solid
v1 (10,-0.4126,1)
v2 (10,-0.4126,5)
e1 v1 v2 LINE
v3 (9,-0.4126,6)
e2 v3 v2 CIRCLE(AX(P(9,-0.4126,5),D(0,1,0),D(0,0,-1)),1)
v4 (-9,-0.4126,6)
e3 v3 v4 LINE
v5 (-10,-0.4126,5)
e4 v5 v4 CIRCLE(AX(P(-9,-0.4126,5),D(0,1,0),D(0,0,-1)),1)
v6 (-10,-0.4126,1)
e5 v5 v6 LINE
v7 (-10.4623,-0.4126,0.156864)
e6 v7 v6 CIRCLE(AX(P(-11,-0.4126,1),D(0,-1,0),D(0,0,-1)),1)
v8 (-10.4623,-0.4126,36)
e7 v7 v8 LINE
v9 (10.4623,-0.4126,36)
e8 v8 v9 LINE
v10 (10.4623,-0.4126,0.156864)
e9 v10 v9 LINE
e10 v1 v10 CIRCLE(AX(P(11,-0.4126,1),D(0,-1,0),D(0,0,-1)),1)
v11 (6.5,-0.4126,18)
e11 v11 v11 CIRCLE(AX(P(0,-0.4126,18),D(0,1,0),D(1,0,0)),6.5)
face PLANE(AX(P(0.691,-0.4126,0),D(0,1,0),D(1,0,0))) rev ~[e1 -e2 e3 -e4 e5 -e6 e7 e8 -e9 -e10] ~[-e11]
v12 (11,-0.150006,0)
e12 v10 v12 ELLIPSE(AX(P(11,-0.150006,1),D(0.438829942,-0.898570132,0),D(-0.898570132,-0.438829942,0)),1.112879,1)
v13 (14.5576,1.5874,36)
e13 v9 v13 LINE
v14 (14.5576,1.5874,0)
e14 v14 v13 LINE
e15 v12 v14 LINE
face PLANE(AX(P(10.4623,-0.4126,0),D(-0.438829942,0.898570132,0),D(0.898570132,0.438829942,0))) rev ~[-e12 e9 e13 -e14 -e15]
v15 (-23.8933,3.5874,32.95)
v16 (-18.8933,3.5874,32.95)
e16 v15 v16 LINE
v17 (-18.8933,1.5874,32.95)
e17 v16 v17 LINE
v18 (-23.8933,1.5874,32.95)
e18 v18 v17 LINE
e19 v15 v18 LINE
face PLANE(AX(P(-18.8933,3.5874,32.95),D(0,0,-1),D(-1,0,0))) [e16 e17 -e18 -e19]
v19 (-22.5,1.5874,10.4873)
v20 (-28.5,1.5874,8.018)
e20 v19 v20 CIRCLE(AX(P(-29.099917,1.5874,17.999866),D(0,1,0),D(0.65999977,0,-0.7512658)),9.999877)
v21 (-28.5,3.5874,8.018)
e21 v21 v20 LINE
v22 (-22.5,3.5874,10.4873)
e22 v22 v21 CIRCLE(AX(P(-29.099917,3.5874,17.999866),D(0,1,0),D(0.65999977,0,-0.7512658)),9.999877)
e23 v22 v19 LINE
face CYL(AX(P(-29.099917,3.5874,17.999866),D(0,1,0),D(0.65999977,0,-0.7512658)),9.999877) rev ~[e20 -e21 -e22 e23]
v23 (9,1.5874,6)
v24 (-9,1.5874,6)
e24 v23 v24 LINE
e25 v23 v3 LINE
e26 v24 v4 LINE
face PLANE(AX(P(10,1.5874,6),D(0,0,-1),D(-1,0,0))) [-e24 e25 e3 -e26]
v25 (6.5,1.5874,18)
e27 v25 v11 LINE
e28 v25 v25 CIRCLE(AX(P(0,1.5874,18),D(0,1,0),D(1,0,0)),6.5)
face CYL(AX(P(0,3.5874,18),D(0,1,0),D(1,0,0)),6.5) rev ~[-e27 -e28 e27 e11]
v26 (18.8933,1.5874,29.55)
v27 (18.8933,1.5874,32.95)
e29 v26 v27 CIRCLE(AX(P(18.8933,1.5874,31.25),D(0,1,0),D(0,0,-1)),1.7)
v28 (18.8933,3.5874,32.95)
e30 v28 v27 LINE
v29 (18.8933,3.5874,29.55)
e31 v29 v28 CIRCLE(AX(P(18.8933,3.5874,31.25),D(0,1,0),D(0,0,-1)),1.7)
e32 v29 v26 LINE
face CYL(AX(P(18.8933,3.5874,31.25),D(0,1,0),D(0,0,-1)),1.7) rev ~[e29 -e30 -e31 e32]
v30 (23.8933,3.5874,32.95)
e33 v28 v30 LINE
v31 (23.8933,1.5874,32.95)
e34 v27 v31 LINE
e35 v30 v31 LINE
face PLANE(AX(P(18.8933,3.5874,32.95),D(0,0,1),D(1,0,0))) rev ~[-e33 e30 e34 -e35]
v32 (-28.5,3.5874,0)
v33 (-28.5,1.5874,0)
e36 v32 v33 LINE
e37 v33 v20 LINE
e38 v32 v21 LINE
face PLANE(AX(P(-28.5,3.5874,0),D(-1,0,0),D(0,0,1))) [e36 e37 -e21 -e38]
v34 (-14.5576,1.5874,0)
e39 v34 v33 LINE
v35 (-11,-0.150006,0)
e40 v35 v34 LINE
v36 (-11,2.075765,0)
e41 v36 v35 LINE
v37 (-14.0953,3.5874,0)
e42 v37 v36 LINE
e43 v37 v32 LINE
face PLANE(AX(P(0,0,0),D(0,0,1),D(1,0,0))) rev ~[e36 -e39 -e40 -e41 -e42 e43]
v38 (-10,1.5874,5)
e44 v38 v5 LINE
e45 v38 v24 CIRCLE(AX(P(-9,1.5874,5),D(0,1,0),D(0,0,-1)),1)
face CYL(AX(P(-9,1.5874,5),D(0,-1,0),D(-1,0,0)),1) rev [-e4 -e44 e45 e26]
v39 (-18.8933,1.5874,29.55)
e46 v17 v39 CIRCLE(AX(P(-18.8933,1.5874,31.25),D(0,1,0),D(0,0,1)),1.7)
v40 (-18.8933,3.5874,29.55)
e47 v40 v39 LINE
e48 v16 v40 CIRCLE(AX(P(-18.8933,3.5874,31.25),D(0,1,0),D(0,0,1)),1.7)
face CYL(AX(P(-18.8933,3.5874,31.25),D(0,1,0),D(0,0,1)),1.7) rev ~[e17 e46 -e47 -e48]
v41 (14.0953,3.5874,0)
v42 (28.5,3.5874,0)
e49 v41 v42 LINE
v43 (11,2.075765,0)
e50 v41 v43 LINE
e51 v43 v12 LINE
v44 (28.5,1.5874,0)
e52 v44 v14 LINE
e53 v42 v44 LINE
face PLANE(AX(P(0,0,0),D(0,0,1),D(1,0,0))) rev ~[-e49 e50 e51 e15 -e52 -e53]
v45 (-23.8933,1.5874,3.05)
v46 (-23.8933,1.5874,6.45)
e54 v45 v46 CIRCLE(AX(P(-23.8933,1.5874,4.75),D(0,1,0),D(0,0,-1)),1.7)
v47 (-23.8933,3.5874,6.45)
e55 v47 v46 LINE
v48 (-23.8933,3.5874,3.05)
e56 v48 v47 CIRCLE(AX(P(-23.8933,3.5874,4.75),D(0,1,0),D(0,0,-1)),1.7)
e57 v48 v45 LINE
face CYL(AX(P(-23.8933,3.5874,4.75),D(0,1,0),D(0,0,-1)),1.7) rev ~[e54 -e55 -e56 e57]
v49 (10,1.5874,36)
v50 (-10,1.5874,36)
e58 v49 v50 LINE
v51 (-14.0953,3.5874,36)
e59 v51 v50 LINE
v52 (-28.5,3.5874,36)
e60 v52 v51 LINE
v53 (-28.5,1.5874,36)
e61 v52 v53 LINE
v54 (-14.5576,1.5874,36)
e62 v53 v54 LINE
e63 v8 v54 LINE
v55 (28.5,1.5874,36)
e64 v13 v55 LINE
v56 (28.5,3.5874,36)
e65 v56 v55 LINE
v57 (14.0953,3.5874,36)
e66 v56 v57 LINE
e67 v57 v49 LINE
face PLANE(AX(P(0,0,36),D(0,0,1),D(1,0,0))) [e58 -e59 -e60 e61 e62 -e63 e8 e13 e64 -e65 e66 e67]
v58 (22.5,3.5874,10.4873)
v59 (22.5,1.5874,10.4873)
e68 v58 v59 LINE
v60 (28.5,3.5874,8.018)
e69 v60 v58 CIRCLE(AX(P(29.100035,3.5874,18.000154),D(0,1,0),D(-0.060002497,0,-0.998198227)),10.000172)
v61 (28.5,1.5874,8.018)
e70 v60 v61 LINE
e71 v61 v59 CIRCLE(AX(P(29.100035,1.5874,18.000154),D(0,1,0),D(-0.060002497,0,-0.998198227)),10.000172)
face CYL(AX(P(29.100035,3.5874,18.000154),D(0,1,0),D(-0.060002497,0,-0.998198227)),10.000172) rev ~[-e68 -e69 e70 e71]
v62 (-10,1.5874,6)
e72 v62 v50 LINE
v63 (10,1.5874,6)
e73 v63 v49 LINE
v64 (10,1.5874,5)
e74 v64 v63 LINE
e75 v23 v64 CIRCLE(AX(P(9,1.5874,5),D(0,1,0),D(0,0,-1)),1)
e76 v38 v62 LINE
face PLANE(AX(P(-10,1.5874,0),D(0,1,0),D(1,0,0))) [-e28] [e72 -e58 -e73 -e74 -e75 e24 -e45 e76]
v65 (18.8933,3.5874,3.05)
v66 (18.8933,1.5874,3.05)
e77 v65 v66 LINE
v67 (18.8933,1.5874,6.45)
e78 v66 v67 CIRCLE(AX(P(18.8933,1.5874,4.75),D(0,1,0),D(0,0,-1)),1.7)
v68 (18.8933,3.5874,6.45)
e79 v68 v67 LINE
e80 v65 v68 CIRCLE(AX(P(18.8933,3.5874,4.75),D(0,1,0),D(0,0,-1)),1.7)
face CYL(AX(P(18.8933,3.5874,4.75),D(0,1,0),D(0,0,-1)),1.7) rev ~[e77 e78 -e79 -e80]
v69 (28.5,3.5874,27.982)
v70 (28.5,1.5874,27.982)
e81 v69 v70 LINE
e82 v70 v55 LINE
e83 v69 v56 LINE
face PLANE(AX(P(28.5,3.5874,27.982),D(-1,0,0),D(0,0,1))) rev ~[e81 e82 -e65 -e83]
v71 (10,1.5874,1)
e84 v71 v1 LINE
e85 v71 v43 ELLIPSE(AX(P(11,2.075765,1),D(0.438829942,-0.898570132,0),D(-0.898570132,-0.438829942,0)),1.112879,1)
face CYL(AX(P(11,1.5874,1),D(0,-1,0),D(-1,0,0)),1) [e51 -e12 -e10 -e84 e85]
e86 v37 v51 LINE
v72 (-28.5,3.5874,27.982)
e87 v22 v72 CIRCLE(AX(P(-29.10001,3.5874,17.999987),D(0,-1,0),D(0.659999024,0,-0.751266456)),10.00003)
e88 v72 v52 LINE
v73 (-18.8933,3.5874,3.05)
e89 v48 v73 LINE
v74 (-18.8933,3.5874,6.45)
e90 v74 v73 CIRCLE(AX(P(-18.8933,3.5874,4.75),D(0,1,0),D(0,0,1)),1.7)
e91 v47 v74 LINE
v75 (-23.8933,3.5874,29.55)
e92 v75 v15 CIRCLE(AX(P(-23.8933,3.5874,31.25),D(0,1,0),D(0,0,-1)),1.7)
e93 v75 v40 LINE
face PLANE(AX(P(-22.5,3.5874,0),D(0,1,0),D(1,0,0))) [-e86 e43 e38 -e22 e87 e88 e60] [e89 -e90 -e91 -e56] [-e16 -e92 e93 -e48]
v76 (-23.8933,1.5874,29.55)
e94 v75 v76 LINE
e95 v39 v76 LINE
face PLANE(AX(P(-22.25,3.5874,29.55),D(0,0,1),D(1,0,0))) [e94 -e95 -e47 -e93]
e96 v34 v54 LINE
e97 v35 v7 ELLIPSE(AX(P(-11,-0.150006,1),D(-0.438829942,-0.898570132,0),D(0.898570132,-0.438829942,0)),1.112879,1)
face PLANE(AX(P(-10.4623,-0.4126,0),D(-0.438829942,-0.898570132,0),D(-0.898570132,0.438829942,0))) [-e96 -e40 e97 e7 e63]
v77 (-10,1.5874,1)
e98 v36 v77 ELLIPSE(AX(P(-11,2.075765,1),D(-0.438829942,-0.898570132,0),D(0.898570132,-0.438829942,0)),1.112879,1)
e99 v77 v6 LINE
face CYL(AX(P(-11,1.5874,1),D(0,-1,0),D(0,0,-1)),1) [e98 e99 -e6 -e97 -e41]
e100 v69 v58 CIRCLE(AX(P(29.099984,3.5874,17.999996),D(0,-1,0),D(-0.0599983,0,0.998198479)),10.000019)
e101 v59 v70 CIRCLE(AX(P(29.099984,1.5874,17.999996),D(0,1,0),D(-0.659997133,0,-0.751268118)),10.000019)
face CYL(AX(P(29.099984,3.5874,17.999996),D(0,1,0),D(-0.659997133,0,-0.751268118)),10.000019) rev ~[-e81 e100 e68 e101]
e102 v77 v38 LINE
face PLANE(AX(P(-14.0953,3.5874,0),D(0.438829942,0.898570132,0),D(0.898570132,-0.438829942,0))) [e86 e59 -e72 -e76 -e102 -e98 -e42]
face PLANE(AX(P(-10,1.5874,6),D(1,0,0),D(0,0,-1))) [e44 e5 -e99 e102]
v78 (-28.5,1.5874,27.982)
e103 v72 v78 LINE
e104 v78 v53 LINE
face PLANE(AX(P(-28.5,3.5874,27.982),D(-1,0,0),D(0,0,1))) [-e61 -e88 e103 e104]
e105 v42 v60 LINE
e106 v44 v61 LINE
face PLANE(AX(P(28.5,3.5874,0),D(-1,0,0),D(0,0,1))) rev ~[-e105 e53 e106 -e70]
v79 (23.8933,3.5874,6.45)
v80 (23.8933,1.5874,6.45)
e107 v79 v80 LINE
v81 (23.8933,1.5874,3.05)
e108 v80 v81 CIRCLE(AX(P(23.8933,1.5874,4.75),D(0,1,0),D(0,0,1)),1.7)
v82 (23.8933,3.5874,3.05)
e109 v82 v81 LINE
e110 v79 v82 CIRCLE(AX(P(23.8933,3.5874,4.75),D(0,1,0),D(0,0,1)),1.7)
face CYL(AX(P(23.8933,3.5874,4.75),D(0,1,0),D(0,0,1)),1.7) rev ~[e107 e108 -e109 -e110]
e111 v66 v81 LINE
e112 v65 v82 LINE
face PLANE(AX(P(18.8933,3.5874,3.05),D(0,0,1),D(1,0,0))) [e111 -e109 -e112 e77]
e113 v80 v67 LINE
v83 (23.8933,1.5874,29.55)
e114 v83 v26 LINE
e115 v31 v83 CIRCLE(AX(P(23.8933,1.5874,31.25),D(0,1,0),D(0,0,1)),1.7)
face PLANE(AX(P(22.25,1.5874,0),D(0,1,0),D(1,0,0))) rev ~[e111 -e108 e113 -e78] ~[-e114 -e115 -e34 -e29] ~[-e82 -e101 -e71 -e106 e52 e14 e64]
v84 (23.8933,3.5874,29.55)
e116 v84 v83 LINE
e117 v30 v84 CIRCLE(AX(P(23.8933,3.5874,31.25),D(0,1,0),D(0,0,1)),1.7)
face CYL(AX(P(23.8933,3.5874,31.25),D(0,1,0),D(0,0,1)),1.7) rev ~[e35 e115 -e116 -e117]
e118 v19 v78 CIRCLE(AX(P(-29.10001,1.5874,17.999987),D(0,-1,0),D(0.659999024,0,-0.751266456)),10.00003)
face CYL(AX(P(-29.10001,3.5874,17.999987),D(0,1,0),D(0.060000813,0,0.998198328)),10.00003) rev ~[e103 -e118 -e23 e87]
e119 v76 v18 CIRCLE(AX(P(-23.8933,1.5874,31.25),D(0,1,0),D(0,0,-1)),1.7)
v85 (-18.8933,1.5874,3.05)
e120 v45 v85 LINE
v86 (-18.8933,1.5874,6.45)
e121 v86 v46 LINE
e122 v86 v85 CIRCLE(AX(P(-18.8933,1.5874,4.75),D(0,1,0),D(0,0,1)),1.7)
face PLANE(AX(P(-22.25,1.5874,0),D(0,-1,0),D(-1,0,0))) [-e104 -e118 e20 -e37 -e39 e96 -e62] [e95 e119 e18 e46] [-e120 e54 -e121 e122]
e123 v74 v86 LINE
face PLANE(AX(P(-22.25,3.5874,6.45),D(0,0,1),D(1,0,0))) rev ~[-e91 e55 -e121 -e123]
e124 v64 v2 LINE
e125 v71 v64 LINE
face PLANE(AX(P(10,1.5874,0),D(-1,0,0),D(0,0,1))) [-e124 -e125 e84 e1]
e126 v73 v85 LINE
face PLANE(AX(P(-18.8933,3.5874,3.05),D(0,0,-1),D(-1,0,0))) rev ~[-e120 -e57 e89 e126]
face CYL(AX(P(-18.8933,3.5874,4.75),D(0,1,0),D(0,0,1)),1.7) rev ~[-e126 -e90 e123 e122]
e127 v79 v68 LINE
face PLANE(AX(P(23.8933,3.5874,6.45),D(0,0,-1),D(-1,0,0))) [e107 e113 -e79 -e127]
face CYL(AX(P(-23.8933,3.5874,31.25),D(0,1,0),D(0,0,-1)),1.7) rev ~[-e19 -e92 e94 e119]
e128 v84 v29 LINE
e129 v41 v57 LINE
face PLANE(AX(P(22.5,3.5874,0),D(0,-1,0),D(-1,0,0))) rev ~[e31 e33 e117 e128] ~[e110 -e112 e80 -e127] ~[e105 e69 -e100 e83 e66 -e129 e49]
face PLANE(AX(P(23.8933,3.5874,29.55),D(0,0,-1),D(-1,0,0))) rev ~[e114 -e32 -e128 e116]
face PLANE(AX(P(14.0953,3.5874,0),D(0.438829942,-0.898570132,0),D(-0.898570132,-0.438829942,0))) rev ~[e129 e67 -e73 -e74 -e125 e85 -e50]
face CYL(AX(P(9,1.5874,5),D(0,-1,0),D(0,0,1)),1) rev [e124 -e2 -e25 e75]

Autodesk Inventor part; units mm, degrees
ref_plane "YZ Plane" through (0, 0, 0) normal (1, 0, 0) x (0, 1, 0)
ref_plane "XZ Plane" through (0, 0, 0) normal (0, 1, 0) x (-1, 0, 0)
ref_plane "XY Plane" through (0, 0, 0) normal (0, 0, 1) x (1, 0, 0)
sketch "草圖1" plane through (0, 0, 0) normal (0, 0, 1) x (1, 0, 0)
  line L0 (-22.5, 3.5874) -> (-14.0953, 3.5874)
  line L1 (-14.0953, 3.5874) -> (-10, 1.5874)
  line L2 (-10, 1.5874) -> (0, 1.5874)
  line L3 (0.691, -0.4126) -> (-10.4623, -0.4126)
  line L4 (-10.4623, -0.4126) -> (-14.5576, 1.5874)
  line L5 (-14.5576, 1.5874) -> (-22.5, 1.5874)
  line L6 (-22.5, 1.5874) -> (-22.5, 3.5874)
  line L7 (0, 2.1547) -> (0, -6.606) construction
  line L8 (22.5, 3.5874) -> (14.0953, 3.5874)
  line L9 (14.0953, 3.5874) -> (10, 1.5874)
  line L10 (10, 1.5874) -> (0, 1.5874)
  line L11 (0.691, -0.4126) -> (10.4623, -0.4126)
  line L12 (10.4623, -0.4126) -> (14.5576, 1.5874)
  line L13 (14.5576, 1.5874) -> (22.5, 1.5874)
  line L14 (22.5, 1.5874) -> (22.5, 3.5874)
  line L15 (-22.25, -3.3995) -> (-22.25, 2.4631)
  line L16 (22.25, -3.2727) -> (22.25, 2.4631)
  line L17 (10, -4.4814) -> (10, 6.978)
  point P0 (0, 0)
  point P1 (-22.25, 1.5321)
  point P2 (22.25, 1.5874)
  point P3 (22.25, 1.5321)
  dimension "d1" = 2
  dimension "d5" = 44.5
  dimension "d9" = 45
  dimension "d32" = 10
  dimension "d36" = 2
  dimension "d46" = 2
extrude "擠出1" add sketch "草圖1" along normal blind 36
sketch "草圖2" plane through (-22.5, 3.5874, 0) normal (0, 1, 0) x (1, 0, 0)
  point P0 (22.5, 0)
sketch "草圖3" plane through (-22.5, 3.5874, 0) normal (0, 1, 0) x (1, 0, 0)
  line L0 (0, 0) -> (0, -36) projected
  line L1 (0, 0) -> (0, -10.4873)
  line L2 (0, 0) -> (-6, 0)
  line L3 (-6, 0) -> (-6, -8.018)
  line L4 (-6, -36) -> (0, -36)
  line L5 (-6, -27.982) -> (-6, -36)
  line L6 (22.5, -5.8594) -> (22.5, -37.147)
  arc A0 (0, -10.4873) -> (-6, -8.018) centre (-6.6, -18) ccw
  arc A1 (-6, -27.982) -> (0, -10.4873) centre (-6.6, -18) ccw
  line L7 (0, -25.5127) -> (0, -36)
  line L8 (45, 0) -> (45, -36)
  line L9 (45, 0) -> (45, -10.4873)
  line L10 (45, 0) -> (51, 0)
  line L11 (51, 0) -> (51, -8.018)
  line L12 (51, -36) -> (45, -36)
  line L13 (51, -27.982) -> (51, -36)
  arc A2 (51, -8.018) -> (45, -10.4873) centre (51.6, -18) ccw
  arc A3 (45, -10.4873) -> (51, -27.982) centre (51.6, -18) ccw
  line L14 (45, -25.5127) -> (45, -36)
  line L15 (-7.7403, -18) -> (53.0258, -18)
  point P0 (22.5, 0)
  point P1 (45, -25.5127)
  point P2 (-6, -4.009)
  dimension "d13" = 6.6
  dimension "d18" = 45
  dimension "d19" = 6
  dimension "d20" = 6
  dimension "d37" = 10
  dimension "d47" = 36
extrude "擠出2" add sketch "草圖3" against normal blind 2 contours L8 L10 L11 A2 | A3 L13 L12 L8 | L0 L4 L5 A1 | L0 A0 L3 L2
extrude "擠出3" cut sketch "草圖3" against normal blind 2.5 contours A3 L8 L15 | L15 L8 A3 | A1 L15 L0 | L15 A1 L0
sketch "草圖4" plane through (-14.0953, 3.5874, 36) normal (0, 1, 0) x (1, 0, 0)
  line L0 (-14.4047, 36) -> (-0.4623, 36) projected
  line L1 (-8.1547, 36) -> (-8.1547, -2.5095)
  line L2 (-14.4047, 36) -> (-14.4047, 27.982) projected
  line L3 (28.1906, 0) -> (42.5953, 0) projected
  line L4 (-9.798, 31.25) -> (-4.798, 31.25) construction
  line L5 (-9.798, 29.55) -> (-4.798, 29.55)
  line L6 (-4.798, 32.95) -> (-9.798, 32.95)
  arc A0 (-9.798, 32.95) -> (-9.798, 29.55) centre (-9.798, 31.25) ccw
  arc A1 (-4.798, 29.55) -> (-4.798, 32.95) centre (-4.798, 31.25) ccw
  line L7 (-25.514, 18) -> (67.1526, 18)
  line L8 (14.0953, -5.2274) -> (14.0953, 45.8177)
  circle A2 centre (14.0953, 18) radius 6.5
  line L9 (-9.798, 4.75) -> (-4.798, 4.75) construction
  line L10 (-9.798, 6.45) -> (-4.798, 6.45)
  line L11 (-4.798, 3.05) -> (-9.798, 3.05)
  arc A3 (-9.798, 6.45) -> (-9.798, 3.05) centre (-9.798, 4.75) ccw
  arc A4 (-4.798, 3.05) -> (-4.798, 6.45) centre (-4.798, 4.75) ccw
  line L12 (37.9886, 31.25) -> (32.9886, 31.25) construction
  line L13 (37.9886, 29.55) -> (32.9886, 29.55)
  line L14 (32.9886, 32.95) -> (37.9886, 32.95)
  arc A5 (37.9886, 29.55) -> (37.9886, 32.95) centre (37.9886, 31.25) ccw
  arc A6 (32.9886, 32.95) -> (32.9886, 29.55) centre (32.9886, 31.25) ccw
  arc A7 (32.9886, 6.45) -> (32.9886, 3.05) centre (32.9886, 4.75) ccw
  line L15 (37.9886, 6.45) -> (32.9886, 6.45)
  line L16 (37.9886, 4.75) -> (32.9886, 4.75) construction
  arc A8 (37.9886, 3.05) -> (37.9886, 6.45) centre (37.9886, 4.75) ccw
  line L17 (32.9886, 3.05) -> (37.9886, 3.05)
  point P0 (14.0953, 36)
  point P1 (-7.298, 31.25)
  point P2 (-7.298, 4.75)
  point P3 (35.4886, 31.25)
  point P4 (35.4886, 4.75)
  dimension "d21" = 6.25
  dimension "d33" = 3.4
  dimension "d48" = 36
  dimension "d49" = 13
  dimension "d52" = 26.5
  dimension "d53" = 9.2134
  dimension "d54" = 5
extrude "擠出4" cut sketch "草圖4" against normal up to surface (4 mm away)
sketch "草圖5" plane through (-10, 1.5874, 0) normal (0, 1, 0) x (1, 0, 0)
  line L0 (-0.4623, 0) -> (20.4623, 0) projected
  line L1 (0, 0) -> (20, 0)
  line L2 (20, 0) -> (20, -6)
  line L3 (20, -6) -> (0, -6)
  line L4 (0, -6) -> (0, 0)
  line L5 (10, -2.0229) -> (10, 3.2313)
  point P0 (10, 0)
  point P1 (20, 0)
  point P2 (20, 0)
  point P3 (10, 0)
  dimension "d38" = 6
  dimension "d42" = 20
extrude "擠出5" cut sketch "草圖5" against normal up to surface (2 mm away)
fillet "圓角2" radius 1 4 edges at (-10, 0.5874, 0) (10, 0.5874, 0) (-10, 0.5874, 6) (10, 0.5874, 6)
properties part number "連接件"
